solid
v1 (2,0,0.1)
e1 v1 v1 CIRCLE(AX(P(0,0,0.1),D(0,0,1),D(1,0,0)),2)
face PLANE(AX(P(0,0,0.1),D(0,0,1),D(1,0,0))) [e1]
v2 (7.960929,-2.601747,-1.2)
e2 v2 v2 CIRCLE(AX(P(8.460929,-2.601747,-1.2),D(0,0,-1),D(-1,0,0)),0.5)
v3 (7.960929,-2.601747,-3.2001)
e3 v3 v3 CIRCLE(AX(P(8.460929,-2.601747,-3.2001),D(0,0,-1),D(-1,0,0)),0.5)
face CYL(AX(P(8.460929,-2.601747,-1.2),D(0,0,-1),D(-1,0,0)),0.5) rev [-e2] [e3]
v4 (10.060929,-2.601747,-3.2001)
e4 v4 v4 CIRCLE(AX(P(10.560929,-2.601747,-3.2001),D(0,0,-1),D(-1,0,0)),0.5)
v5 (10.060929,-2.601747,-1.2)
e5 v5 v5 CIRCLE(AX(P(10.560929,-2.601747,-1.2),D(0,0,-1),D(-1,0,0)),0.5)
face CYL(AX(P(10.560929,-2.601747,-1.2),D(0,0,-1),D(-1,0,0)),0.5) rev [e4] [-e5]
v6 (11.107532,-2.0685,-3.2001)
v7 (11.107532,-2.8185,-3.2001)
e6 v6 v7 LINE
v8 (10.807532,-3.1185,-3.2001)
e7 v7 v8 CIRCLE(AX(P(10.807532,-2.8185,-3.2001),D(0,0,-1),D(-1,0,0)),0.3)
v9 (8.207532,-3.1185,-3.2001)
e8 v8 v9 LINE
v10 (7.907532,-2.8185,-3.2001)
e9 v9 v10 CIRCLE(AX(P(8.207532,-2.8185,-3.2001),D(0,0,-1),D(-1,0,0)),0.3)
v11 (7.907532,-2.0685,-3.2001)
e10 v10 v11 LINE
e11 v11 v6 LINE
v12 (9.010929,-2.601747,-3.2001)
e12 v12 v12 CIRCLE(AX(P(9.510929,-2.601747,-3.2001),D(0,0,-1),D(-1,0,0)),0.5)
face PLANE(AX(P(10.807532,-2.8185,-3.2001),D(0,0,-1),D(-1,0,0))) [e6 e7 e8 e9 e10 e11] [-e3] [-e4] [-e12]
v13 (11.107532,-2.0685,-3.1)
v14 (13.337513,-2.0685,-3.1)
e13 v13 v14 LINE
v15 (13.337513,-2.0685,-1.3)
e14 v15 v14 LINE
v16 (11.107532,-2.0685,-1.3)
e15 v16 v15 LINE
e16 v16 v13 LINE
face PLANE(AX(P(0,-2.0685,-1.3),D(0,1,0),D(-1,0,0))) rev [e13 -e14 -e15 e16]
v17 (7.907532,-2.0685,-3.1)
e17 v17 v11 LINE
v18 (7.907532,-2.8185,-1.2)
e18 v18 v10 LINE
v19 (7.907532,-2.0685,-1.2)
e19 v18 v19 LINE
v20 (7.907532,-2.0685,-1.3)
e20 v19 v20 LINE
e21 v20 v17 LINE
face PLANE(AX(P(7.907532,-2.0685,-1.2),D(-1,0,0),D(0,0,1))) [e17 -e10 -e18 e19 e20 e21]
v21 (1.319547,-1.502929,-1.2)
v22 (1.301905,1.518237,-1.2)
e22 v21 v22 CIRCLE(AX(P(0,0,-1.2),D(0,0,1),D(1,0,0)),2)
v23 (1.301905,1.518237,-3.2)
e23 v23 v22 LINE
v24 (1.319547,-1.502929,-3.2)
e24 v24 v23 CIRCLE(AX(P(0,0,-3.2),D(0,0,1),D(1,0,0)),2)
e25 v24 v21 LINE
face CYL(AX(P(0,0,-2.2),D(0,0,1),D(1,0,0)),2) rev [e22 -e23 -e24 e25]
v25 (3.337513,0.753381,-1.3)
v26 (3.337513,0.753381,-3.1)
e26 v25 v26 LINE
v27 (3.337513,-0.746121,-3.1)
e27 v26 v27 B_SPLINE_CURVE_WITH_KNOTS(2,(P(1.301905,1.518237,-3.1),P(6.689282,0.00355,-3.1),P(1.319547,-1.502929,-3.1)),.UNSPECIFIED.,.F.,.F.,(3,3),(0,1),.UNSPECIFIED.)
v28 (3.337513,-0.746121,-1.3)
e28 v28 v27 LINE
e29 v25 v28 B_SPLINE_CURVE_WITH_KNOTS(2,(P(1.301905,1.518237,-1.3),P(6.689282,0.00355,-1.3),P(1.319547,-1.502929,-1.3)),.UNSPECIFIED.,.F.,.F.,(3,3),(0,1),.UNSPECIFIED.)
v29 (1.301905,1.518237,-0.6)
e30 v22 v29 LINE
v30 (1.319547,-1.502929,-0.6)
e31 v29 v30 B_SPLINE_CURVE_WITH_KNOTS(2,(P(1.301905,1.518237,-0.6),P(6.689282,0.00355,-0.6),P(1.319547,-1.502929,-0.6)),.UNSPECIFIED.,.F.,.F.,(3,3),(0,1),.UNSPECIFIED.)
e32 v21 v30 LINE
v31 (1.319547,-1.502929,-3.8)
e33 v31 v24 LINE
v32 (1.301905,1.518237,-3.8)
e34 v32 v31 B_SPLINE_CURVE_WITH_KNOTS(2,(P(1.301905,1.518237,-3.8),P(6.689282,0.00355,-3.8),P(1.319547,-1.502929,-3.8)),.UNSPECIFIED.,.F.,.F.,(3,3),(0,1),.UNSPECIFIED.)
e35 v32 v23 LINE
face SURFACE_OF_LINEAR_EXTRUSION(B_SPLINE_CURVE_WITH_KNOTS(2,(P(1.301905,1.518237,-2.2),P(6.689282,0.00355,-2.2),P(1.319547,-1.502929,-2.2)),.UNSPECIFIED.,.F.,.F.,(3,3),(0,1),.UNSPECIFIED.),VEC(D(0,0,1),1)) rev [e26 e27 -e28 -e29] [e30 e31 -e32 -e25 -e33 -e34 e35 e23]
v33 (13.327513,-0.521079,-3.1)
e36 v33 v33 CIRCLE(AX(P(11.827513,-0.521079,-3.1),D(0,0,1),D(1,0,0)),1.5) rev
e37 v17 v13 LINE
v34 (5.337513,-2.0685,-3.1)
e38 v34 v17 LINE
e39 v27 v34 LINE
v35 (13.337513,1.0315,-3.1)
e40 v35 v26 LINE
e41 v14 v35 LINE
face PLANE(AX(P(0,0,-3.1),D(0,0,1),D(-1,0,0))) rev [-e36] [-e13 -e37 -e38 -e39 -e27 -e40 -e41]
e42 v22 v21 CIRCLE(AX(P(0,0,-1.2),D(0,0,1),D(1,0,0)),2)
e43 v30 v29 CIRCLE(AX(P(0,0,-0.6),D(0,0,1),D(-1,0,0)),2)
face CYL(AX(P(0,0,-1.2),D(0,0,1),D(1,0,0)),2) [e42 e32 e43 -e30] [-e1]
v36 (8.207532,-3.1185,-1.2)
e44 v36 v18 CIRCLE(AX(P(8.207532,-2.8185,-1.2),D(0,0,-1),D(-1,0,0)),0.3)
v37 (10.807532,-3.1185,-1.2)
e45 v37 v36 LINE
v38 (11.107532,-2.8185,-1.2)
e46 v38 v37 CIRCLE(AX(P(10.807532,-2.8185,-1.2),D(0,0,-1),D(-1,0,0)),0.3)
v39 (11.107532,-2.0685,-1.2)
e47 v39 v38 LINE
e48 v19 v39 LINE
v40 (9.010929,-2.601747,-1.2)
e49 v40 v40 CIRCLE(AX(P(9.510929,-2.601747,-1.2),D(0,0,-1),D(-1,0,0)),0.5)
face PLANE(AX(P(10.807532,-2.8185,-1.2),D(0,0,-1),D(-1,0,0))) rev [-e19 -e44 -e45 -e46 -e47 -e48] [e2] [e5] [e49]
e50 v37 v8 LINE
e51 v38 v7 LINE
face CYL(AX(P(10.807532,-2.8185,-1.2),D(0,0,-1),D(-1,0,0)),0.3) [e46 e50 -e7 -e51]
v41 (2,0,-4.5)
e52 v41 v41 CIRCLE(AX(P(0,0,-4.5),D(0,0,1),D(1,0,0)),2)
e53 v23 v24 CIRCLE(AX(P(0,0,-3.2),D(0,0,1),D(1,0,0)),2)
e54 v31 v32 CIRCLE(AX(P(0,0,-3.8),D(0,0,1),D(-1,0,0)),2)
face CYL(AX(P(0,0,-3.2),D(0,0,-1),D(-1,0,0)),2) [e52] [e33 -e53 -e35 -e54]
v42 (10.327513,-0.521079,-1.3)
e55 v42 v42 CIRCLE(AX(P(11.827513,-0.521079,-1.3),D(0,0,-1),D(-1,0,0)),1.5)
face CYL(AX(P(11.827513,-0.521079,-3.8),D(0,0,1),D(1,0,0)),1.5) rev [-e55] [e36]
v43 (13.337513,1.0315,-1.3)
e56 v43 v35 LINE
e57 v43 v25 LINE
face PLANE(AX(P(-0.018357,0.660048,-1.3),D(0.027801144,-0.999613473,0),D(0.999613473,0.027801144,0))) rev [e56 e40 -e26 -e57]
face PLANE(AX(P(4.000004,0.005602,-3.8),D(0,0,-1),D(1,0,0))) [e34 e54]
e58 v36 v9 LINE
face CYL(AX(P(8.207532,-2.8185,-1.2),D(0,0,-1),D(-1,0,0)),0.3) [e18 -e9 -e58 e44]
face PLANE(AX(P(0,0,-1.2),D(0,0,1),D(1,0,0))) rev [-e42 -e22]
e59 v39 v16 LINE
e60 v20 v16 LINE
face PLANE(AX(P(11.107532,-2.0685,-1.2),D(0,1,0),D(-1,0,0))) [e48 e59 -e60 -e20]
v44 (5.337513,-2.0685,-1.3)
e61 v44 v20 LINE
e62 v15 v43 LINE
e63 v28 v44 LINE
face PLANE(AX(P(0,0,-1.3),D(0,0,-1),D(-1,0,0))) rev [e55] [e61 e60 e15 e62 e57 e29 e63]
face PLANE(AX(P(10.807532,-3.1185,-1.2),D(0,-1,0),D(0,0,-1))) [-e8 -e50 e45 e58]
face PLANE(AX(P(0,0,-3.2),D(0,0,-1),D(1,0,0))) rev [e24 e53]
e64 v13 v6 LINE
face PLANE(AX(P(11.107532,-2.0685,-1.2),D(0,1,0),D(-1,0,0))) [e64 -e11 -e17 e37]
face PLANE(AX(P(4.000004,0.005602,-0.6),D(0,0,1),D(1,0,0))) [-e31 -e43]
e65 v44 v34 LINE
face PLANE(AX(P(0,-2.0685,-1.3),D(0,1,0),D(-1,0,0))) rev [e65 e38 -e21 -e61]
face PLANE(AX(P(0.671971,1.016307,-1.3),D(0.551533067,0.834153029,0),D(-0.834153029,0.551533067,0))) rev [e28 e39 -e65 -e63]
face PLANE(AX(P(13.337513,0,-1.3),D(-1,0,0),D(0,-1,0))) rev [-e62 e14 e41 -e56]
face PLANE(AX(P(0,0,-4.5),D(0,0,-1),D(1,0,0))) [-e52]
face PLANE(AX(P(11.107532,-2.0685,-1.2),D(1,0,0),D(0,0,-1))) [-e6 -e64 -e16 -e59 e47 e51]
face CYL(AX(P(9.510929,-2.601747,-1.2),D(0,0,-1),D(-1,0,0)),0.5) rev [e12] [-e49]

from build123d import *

# Parameters (mm, degrees)
BOSS_EXTRUDE1_START      = -1.2
SKETCH1_R                = 2
BOSS_EXTRUDE1_DEPTH      = 1.3
BOSS_EXTRUDE2_START      = 1
BOSS_EXTRUDE2_DEPTH      = 1.6
BOSS_EXTRUDE3_DEPTH      = 0.9
SKETCH6_R                = 1.5
CUT_EXTRUDE13_DEPTH      = 2.5
BOSS_EXTRUDE4_DEPTH      = 0.0001
BOSS_EXTRUDE4_DEPTH_BACK = 2
SKETCH9_R                = 0.5


with BuildPart() as part:
    # Sketch1 → Boss-Extrude1 (new body)
    with BuildSketch(Plane.XY.offset(BOSS_EXTRUDE1_START)):
        Circle(SKETCH1_R)
    boss_extrude1 = extrude(amount=BOSS_EXTRUDE1_DEPTH)

    # Sketch2 → Boss-Extrude2 (add)
    with BuildSketch(Plane(origin=(0, 0, -1.2), x_dir=(-1, 0, 0), z_dir=(0, 0, -1)).offset(BOSS_EXTRUDE2_START)):
        with BuildLine():
            ThreePointArc((-1.301905334, 1.518236642), (-1.999965901, 0.011678742), (-1.31954734, -1.502928747))
            add(Edge.make_bspline(
                [(-1.301905334, 1.518236642), (-6.689282212, 0.003550345), (-1.31954734, -1.502928747)],
                knots=[0, 0, 0, 1, 1, 1], degree=2))
        make_face()
    boss_extrude2 = extrude(amount=-BOSS_EXTRUDE2_DEPTH)

    # Sketch3 → Boss-Extrude3 (add)
    with BuildSketch(Plane(origin=(0, 0, -2.2), x_dir=(-1, 0, 0), z_dir=(0, 0, -1))):
        with BuildLine():
            Line((-5.337512996, -2.068499627), (-3.337513, -0.746121009))
            add(Edge.make_bspline(
                [(-3.337512996, 0.753381422), (-4.662510017, 0.002619292), (-3.337513, -0.746121009)],
                knots=[0.252652683, 0.252652683, 0.252652683, 0.748987348, 0.748987348, 0.748987348], degree=2))
            Line((-3.337513, 0.753381429), (-13.337512996, 1.031500373))
            Line((-13.337512996, 1.031500373), (-13.337512996, -2.068499627))
            Line((-13.337512996, -2.068499627), (-5.337512996, -2.068499627))
        make_face()
    boss_extrude3 = extrude(amount=-BOSS_EXTRUDE3_DEPTH)

    # Sketch6 → Cut-Extrude13 (cut, symmetric)
    with BuildSketch(Plane.XY.offset(-1.3)):
        with Locations((11.827512996, -0.521079469)):
            Circle(SKETCH6_R)
    cut_extrude13 = extrude(amount=CUT_EXTRUDE13_DEPTH, both=True, mode=Mode.SUBTRACT)

    # Mirror2: Boss-Extrude2, Boss-Extrude3 across plane
    add(boss_extrude2.mirror(Plane(origin=(0, 0, -2.2), x_dir=(1, 0, 0), z_dir=(0, 0, -1))))
    add(boss_extrude3.mirror(Plane(origin=(0, 0, -2.2), x_dir=(1, 0, 0), z_dir=(0, 0, -1))))

    # Mirror3: Boss-Extrude1 across plane
    add(boss_extrude1.mirror(Plane(origin=(0, 0, -2.2), x_dir=(1, 0, 0), z_dir=(0, 0, -1))))

    # Mirror4: Cut-Extrude13 across plane
    add(cut_extrude13.mirror(Plane(origin=(0, 0, -2.2), x_dir=(1, 0, 0), z_dir=(0, 0, -1))), mode=Mode.SUBTRACT)

    # Sketch9 → Boss-Extrude4 (add, two sides: drawn at the far end of the back side and taken through both)
    with BuildSketch(Plane(origin=(0, 0, -3.2), x_dir=(-1, 0, 0), z_dir=(0, 0, -1)).offset(-BOSS_EXTRUDE4_DEPTH_BACK)):
        with BuildLine():
            Line((-11.107531907, -2.068499627), (-7.907531907, -2.068499627))
            Line((-7.907531907, -2.068499627), (-7.907531907, -2.818499627))
            ThreePointArc((-7.907531907, -2.818499627), (-7.995399873, -3.030631662), (-8.207531907, -3.118499627))
            Line((-8.207531907, -3.118499627), (-10.807531907, -3.118499627))
            ThreePointArc((-10.807531907, -3.118499627), (-11.019663942, -3.030631662), (-11.107531907, -2.818499627))
            Line((-11.107531907, -2.818499627), (-11.107531907, -2.068499627))
        make_face()
        with Locations((-10.560929332, -2.601747045)):
            Circle(SKETCH9_R, mode=Mode.SUBTRACT)
        with Locations((-9.510929332, -2.601747045)):
            Circle(SKETCH9_R, mode=Mode.SUBTRACT)
        with Locations((-8.460929332, -2.601747045)):
            Circle(SKETCH9_R, mode=Mode.SUBTRACT)
    extrude(amount=BOSS_EXTRUDE4_DEPTH + BOSS_EXTRUDE4_DEPTH_BACK)


solid = part.part
